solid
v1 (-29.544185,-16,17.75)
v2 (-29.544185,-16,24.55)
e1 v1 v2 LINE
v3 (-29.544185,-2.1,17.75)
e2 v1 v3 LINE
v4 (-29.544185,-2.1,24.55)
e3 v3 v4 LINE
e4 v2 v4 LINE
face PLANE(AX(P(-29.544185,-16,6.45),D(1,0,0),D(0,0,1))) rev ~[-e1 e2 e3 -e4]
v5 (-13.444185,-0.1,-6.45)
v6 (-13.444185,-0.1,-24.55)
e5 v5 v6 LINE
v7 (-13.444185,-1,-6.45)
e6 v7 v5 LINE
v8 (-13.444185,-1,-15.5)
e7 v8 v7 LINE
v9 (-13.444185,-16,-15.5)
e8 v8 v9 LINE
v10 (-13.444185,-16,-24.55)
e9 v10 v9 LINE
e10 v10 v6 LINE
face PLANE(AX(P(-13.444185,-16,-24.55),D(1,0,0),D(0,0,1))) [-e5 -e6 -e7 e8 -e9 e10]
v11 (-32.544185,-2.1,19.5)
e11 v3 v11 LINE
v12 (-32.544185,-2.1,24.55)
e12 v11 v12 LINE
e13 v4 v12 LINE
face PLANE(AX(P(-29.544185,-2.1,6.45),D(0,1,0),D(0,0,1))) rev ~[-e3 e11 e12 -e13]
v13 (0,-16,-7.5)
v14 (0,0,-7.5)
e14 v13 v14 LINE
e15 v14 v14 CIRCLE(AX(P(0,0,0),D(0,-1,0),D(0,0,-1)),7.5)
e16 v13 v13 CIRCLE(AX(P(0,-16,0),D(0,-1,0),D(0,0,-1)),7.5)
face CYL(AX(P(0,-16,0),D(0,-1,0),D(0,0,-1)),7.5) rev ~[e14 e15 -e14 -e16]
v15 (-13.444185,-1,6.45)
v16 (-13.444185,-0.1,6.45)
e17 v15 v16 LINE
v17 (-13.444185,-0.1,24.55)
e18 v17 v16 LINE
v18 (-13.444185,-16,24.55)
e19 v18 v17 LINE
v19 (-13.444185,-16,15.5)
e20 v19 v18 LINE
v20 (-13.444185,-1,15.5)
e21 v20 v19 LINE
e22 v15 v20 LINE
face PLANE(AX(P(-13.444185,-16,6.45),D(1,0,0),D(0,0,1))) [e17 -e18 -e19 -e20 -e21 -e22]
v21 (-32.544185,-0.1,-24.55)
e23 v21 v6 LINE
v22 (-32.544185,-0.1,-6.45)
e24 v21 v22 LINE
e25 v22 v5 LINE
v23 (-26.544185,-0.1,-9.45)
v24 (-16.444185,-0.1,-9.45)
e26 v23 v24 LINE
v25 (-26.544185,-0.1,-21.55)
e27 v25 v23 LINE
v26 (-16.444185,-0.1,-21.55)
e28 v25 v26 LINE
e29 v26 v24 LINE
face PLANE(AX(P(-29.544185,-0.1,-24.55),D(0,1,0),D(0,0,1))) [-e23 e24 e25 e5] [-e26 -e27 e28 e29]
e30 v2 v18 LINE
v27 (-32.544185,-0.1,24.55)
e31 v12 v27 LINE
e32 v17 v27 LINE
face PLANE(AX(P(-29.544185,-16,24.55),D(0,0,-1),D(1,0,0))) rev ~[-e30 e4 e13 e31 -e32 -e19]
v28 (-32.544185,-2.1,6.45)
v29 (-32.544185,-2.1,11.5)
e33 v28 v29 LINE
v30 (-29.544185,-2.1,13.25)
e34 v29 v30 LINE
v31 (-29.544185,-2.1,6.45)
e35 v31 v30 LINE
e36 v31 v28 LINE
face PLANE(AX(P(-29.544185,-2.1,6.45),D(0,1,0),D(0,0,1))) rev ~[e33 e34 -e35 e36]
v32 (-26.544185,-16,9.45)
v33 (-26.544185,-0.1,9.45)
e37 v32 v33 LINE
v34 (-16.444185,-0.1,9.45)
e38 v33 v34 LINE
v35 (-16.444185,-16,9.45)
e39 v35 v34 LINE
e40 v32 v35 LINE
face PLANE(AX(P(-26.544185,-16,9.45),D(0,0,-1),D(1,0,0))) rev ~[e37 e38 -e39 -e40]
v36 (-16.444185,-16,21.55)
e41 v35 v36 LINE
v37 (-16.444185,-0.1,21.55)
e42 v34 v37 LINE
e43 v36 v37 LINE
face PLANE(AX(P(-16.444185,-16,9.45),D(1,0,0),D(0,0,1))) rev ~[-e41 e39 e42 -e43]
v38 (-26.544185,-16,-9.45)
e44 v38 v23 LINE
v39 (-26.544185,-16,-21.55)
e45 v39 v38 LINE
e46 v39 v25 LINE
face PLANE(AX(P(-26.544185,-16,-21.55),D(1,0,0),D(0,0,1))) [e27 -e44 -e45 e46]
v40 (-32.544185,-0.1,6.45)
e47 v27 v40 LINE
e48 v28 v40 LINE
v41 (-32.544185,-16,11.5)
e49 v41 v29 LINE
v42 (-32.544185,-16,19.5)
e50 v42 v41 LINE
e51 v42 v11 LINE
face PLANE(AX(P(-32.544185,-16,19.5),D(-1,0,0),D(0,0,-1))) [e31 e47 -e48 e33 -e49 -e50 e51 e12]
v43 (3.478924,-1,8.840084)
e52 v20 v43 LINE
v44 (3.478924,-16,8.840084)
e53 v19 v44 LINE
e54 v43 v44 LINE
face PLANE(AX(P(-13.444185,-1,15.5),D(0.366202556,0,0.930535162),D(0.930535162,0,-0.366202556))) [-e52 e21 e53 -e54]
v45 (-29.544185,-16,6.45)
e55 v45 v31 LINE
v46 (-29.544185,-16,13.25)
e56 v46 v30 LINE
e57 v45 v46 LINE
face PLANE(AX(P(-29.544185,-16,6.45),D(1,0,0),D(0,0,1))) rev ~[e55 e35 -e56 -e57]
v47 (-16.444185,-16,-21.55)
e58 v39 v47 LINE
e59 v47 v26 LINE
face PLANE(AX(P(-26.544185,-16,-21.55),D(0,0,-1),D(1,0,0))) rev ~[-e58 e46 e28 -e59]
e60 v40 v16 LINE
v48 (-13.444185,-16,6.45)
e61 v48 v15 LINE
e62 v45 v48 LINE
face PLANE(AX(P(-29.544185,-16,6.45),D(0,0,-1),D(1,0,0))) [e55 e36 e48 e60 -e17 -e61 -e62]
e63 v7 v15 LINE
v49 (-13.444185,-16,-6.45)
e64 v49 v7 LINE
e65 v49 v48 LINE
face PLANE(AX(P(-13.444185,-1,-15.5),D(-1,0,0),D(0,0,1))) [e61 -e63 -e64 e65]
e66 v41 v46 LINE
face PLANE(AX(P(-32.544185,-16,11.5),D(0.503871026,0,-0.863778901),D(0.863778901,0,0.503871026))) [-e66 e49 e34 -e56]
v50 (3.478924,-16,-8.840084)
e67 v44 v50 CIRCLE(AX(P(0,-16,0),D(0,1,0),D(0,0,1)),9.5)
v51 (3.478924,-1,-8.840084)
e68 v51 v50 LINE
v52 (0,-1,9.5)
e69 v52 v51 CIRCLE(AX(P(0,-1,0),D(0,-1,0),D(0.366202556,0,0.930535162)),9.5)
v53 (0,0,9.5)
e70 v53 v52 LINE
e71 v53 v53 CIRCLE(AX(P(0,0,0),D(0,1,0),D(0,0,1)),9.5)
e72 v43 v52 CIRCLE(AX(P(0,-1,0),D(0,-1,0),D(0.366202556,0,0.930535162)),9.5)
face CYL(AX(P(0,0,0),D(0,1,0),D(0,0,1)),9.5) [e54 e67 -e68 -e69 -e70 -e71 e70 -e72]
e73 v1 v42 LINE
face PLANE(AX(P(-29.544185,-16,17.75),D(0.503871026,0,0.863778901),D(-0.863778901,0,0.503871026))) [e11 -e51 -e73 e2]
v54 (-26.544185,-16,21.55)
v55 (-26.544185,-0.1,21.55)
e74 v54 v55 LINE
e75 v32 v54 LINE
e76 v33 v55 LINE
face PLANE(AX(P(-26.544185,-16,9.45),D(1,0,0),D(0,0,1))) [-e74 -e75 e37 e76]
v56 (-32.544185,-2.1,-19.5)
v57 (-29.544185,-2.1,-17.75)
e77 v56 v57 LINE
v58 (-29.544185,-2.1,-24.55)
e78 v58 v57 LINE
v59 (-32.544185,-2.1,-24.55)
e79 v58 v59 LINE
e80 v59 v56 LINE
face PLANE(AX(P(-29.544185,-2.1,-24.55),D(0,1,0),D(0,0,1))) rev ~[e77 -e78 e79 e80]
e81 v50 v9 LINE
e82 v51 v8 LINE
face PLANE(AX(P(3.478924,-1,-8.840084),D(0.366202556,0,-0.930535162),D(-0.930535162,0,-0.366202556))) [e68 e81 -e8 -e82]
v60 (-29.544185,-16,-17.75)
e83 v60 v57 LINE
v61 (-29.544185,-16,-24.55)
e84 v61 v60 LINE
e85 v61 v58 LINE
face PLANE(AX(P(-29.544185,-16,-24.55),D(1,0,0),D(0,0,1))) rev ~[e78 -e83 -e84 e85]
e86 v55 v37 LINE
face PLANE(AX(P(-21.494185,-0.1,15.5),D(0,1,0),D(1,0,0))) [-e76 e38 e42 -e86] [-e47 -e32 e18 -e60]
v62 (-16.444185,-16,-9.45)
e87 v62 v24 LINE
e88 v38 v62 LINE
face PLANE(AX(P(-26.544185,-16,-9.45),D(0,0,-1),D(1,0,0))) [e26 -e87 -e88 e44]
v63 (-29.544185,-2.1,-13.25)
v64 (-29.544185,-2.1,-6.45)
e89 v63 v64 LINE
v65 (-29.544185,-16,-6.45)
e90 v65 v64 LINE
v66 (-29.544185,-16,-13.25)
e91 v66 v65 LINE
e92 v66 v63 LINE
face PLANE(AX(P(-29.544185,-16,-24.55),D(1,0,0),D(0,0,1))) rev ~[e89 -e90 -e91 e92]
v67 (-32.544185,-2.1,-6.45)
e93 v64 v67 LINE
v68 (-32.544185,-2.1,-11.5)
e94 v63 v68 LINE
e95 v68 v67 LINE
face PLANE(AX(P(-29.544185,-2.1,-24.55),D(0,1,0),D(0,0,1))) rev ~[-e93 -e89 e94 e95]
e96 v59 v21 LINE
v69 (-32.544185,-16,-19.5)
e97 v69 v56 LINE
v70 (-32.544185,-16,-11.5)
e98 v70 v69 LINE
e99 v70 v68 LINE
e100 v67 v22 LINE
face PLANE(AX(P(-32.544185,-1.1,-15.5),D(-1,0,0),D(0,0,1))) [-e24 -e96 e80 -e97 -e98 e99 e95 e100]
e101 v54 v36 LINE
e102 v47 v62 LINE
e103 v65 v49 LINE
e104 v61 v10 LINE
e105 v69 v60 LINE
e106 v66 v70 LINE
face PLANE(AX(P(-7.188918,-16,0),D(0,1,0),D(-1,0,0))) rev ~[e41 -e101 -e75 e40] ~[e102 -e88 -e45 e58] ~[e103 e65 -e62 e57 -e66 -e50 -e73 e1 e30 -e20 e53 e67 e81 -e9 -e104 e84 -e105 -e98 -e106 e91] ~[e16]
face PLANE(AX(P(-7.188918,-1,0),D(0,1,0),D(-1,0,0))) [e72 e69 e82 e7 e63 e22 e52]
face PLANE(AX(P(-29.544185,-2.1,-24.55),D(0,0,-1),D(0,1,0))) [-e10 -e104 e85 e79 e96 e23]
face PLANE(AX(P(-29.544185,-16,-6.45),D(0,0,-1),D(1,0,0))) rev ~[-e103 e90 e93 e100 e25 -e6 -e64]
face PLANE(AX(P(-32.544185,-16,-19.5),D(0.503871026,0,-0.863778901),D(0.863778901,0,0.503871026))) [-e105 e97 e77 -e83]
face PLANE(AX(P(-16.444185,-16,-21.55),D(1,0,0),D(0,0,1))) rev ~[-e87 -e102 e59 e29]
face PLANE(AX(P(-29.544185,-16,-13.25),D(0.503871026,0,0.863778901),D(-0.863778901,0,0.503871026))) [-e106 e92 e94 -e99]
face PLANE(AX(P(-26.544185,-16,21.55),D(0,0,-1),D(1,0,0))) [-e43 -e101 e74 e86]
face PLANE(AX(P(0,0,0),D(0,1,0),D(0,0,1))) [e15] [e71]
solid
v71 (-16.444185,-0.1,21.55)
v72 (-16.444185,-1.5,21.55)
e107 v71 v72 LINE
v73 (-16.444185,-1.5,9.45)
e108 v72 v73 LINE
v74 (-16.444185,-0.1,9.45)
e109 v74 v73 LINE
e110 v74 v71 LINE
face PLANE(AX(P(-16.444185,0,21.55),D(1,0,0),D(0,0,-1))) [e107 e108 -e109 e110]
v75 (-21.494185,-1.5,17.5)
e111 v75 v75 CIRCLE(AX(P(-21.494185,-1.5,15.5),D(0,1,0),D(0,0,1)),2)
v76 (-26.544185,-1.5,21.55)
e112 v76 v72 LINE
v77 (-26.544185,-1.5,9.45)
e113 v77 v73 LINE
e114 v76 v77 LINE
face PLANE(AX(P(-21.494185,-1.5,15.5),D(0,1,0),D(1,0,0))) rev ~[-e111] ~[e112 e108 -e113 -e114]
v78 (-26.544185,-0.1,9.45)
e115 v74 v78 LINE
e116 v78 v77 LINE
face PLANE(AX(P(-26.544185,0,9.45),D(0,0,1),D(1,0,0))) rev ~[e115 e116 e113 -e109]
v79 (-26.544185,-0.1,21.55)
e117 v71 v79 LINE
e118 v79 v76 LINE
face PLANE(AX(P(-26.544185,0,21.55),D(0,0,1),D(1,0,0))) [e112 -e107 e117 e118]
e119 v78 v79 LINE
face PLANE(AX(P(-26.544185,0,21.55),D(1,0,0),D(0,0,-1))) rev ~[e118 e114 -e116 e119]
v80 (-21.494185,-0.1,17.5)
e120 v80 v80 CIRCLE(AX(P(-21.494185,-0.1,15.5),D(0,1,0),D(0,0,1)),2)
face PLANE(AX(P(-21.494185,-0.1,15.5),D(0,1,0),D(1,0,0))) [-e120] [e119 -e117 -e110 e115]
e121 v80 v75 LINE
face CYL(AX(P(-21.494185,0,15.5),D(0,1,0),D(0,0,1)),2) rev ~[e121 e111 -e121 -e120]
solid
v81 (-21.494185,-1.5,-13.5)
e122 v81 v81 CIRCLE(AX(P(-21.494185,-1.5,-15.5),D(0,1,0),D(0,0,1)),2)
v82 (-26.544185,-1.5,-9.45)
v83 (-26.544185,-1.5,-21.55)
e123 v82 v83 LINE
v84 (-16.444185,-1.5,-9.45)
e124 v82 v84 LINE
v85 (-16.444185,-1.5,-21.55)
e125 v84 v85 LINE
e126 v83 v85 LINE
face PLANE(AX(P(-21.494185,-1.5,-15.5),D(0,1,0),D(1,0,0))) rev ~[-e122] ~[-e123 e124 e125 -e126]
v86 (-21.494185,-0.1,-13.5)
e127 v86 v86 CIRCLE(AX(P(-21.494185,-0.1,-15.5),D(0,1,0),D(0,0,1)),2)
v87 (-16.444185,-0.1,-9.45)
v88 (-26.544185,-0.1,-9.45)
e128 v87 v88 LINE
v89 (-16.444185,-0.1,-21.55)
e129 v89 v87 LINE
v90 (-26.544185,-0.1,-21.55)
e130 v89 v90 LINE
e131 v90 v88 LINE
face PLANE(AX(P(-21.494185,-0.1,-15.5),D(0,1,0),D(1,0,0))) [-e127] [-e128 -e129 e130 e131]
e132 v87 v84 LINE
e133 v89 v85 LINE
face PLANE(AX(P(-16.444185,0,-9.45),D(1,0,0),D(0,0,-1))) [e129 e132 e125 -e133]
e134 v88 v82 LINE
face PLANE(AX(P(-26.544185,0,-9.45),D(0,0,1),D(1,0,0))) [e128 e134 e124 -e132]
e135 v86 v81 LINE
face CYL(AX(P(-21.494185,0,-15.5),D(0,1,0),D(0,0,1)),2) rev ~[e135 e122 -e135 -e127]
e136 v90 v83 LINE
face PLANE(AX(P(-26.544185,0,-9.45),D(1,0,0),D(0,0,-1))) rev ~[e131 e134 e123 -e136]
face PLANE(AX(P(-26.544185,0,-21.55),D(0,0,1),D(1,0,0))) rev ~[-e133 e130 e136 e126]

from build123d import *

# Parameters (mm, degrees)
SKETCH_1_R          = 2.5
EXTRUDE_1_DEPTH     = 5
SKETCH_2_R          = 9.5
EXTRUDE_2_DEPTH     = 16
CUT_EXTRUDE_1_DEPTH = 13.5
SKETCH_4_R          = 3.025
CUT_EXTRUDE_2_DEPTH = 6.5
SKETCH_5_R          = 3.525
CUT_EXTRUDE_3_DEPTH = 4.5
SKETCH_6_W          = 16.1
SKETCH_6_H          = 18.1
SKETCH_6_W_2        = 10.1
SKETCH_6_H_2        = 12.1
EXTRUDE_3_DEPTH     = 16
EXTRUDE_3_2_DEPTH   = 16
SKETCH_7_W          = 10.1
SKETCH_7_H          = 12.1
SKETCH_7_R          = 2
EXTRUDE_4_DEPTH     = 1.5
EXTRUDE_4_2_DEPTH   = 1.5
SKETCH_8_W          = 16.1
SKETCH_8_H          = 18.1
CUT_EXTRUDE_4_DEPTH = 0.1
EXTRUDE_START       = -15
EXTRUDE_5_DEPTH     = 15
SKETCH_10_R         = 7.5
CUT_EXTRUDE_6_DEPTH = 44.778549344
EXTRUDE_6_DEPTH     = 15.9
EXTRUDE_6_2_DEPTH   = 15.9
SKETCH_12_W         = 18.1
SKETCH_12_H         = 2
EXTRUDE_7_DEPTH     = 3


with BuildPart() as part:
    # Эскиз1 → Бобышка-Вытянуть1 (new body)
    with BuildSketch(Plane(origin=(0, 0, 0), x_dir=(1, 0, 0), z_dir=(0, 1, 0))):
        with Locations(Location((0, 0, 0), (0, 0, 270))):
            Circle(SKETCH_1_R)
    extrude(amount=EXTRUDE_1_DEPTH)

    # Эскиз2 → Бобышка-Вытянуть2 (add)
    with BuildSketch(Plane(origin=(0, 0, 0), x_dir=(1, 0, 0), z_dir=(0, 1, 0))):
        with Locations(Location((0, 0, 0), (0, 0, 270))):
            Circle(SKETCH_2_R)
    extrude(amount=-EXTRUDE_2_DEPTH)

    # Эскиз3 → Вырез-Вытянуть1 (cut)
    with BuildSketch(Plane.XZ.offset(16)):
        with BuildLine():
            Line((2.626904071, 1.5), (-2.626904071, 1.5))
            ThreePointArc((-2.626904071, 1.5), (-0.775963976, -2.923782637), (3.025, 0))
            ThreePointArc((3.025, 0), (2.923782637, 0.775963976), (2.626904071, 1.5))
        make_face()
    extrude(amount=-CUT_EXTRUDE_1_DEPTH, mode=Mode.SUBTRACT)

    # Эскиз4 → Вырез-Вытянуть2 (cut)
    with BuildSketch(Plane.XZ.offset(16)):
        with Locations(Location((0, 0, 0), (0, 0, 270))):
            Circle(SKETCH_4_R)
    extrude(amount=-CUT_EXTRUDE_2_DEPTH, mode=Mode.SUBTRACT)

    # Эскиз5 → Вырез-Вытянуть3 (cut)
    with BuildSketch(Plane.XZ.offset(16)):
        with Locations(Location((0, 0, 0), (0, 0, 270))):
            Circle(SKETCH_5_R)
    extrude(amount=-CUT_EXTRUDE_3_DEPTH, mode=Mode.SUBTRACT)



with BuildPart() as body_2:
    # Эскиз6 → Бобышка-Вытянуть3 (new body)
    with BuildSketch(Plane.XZ.offset(16)):
        with Locations((-21.49418526, -15.5)):
            Rectangle(SKETCH_6_W, SKETCH_6_H)
        with Locations((-21.49418526, -15.5)):
            Rectangle(SKETCH_6_W_2, SKETCH_6_H_2, mode=Mode.SUBTRACT)
    extrude(amount=-EXTRUDE_3_DEPTH)


with BuildPart() as body_3:
    # Эскиз6 → Extrude 3 2 (new body)
    with BuildSketch(Plane.XZ.offset(16)):
        with Locations((-21.49418526, 15.5)):
            Rectangle(SKETCH_6_W, SKETCH_6_H)
        with Locations((-21.49418526, 15.5)):
            Rectangle(SKETCH_6_W_2, SKETCH_6_H_2, mode=Mode.SUBTRACT)
    extrude(amount=-EXTRUDE_3_2_DEPTH)


with BuildPart() as body_4:
    # Эскиз7 → Бобышка-Вытянуть4 (new body)
    with BuildSketch(Plane(origin=(0, 0, 0), x_dir=(1, 0, 0), z_dir=(0, 1, 0))):
        with Locations((-21.49418526, 15.5)):
            Rectangle(SKETCH_7_W, SKETCH_7_H)
        with Locations(Location((-21.49418526, 15.5, 0), (0, 0, 270))):
            Circle(SKETCH_7_R, mode=Mode.SUBTRACT)
    extrude(amount=-EXTRUDE_4_DEPTH)


with BuildPart() as body_5:
    # Эскиз7 → Extrude 4 2 (new body)
    with BuildSketch(Plane(origin=(0, 0, 0), x_dir=(1, 0, 0), z_dir=(0, 1, 0))):
        with Locations((-21.49418526, -15.5)):
            Rectangle(SKETCH_7_W, SKETCH_7_H)
        with Locations(Location((-21.49418526, -15.5, 0), (0, 0, 270))):
            Circle(SKETCH_7_R, mode=Mode.SUBTRACT)
    extrude(amount=-EXTRUDE_4_2_DEPTH)


with BuildPart() as cut_extrude_4_tool:
    # Эскиз8 → Вырез-Вытянуть4 (new body)
    with BuildSketch(Plane(origin=(0, 0, 0), x_dir=(1, 0, 0), z_dir=(0, 1, 0))):
        with Locations((-21.49418526, 15.5)):
            Rectangle(SKETCH_8_W, SKETCH_8_H)
        with Locations((-21.49418526, -15.5)):
            Rectangle(SKETCH_8_W, SKETCH_8_H)
    extrude(amount=-CUT_EXTRUDE_4_DEPTH)


with BuildPart() as body_2_1:
    add(body_2.part)

    # Вырез-Вытянуть4: cut by cut_extrude_4_tool
    add(cut_extrude_4_tool.part, mode=Mode.SUBTRACT)


with BuildPart() as body_3_1:
    add(body_3.part)

    # Вырез-Вытянуть4: cut by cut_extrude_4_tool
    add(cut_extrude_4_tool.part, mode=Mode.SUBTRACT)


with BuildPart() as body_4_1:
    add(body_4.part)

    # Вырез-Вытянуть4: cut by cut_extrude_4_tool
    add(cut_extrude_4_tool.part, mode=Mode.SUBTRACT)


with BuildPart() as body_5_1:
    add(body_5.part)

    # Вырез-Вытянуть4: cut by cut_extrude_4_tool
    add(cut_extrude_4_tool.part, mode=Mode.SUBTRACT)


with BuildPart() as part_1:
    add(part.part)

    add(body_2_1.part)  # Бобышка-Вытянуть5 merges body 2

    add(body_3_1.part)  # Бобышка-Вытянуть5 merges body 3
    # Эскиз9 → Бобышка-Вытянуть5 (add)
    with BuildSketch(Plane.XZ.offset(16).offset(EXTRUDE_START)):
        with BuildLine():
            Line((-13.44418526, 15.5), (3.478924286, 8.840084039))
            ThreePointArc((3.478924286, 8.840084039), (-9.5, 0), (3.478924286, -8.840084039))
            Line((3.478924286, -8.840084039), (-13.44418526, -15.5))
            Line((-13.44418526, -15.5), (-13.44418526, 15.5))
        make_face()
    extrude(amount=EXTRUDE_5_DEPTH)

    # Эскиз10 → Вырез-Вытянуть6 (cut, through all)
    with BuildSketch(Plane.XZ.offset(16)):
        with Locations(Location((0, 0, 0), (0, 0, 270))):
            Circle(SKETCH_10_R)
    extrude(amount=-CUT_EXTRUDE_6_DEPTH, mode=Mode.SUBTRACT)



with BuildPart() as body_4_2:
    # Эскиз11 → Бобышка-Вытянуть6 (new body)
    with BuildSketch(Plane.XZ.offset(16)):
        Polygon((-29.54418526, 17.75), (-32.54418526, 19.5), (-32.54418526, 11.5), (-29.54418526, 13.25), align=None)
    extrude(amount=-EXTRUDE_6_DEPTH)


with BuildPart() as body_5_2:
    # Эскиз11 → Extrude 6 2 (new body)
    with BuildSketch(Plane.XZ.offset(16)):
        Polygon((-29.54418526, -13.25), (-32.54418526, -11.5), (-32.54418526, -19.5), (-29.54418526, -17.75), align=None)
    extrude(amount=-EXTRUDE_6_2_DEPTH)


with BuildPart() as part_2:
    add(part_1.part)

    add(body_4_2.part)  # Бобышка-Вытянуть7 merges body 4 2

    add(body_5_2.part)  # Бобышка-Вытянуть7 merges body 5 2
    # Эскиз12 → Бобышка-Вытянуть7 (add)
    with BuildSketch(Plane.ZY.offset(29.54418526)):
        with Locations((-15.5, -1.1)):
            Rectangle(SKETCH_12_W, SKETCH_12_H)
        with Locations((15.5, -1.1)):
            Rectangle(SKETCH_12_W, SKETCH_12_H)
    extrude(amount=EXTRUDE_7_DEPTH)


solid = Compound([body_4_1.part, body_5_1.part, part_2.part])
